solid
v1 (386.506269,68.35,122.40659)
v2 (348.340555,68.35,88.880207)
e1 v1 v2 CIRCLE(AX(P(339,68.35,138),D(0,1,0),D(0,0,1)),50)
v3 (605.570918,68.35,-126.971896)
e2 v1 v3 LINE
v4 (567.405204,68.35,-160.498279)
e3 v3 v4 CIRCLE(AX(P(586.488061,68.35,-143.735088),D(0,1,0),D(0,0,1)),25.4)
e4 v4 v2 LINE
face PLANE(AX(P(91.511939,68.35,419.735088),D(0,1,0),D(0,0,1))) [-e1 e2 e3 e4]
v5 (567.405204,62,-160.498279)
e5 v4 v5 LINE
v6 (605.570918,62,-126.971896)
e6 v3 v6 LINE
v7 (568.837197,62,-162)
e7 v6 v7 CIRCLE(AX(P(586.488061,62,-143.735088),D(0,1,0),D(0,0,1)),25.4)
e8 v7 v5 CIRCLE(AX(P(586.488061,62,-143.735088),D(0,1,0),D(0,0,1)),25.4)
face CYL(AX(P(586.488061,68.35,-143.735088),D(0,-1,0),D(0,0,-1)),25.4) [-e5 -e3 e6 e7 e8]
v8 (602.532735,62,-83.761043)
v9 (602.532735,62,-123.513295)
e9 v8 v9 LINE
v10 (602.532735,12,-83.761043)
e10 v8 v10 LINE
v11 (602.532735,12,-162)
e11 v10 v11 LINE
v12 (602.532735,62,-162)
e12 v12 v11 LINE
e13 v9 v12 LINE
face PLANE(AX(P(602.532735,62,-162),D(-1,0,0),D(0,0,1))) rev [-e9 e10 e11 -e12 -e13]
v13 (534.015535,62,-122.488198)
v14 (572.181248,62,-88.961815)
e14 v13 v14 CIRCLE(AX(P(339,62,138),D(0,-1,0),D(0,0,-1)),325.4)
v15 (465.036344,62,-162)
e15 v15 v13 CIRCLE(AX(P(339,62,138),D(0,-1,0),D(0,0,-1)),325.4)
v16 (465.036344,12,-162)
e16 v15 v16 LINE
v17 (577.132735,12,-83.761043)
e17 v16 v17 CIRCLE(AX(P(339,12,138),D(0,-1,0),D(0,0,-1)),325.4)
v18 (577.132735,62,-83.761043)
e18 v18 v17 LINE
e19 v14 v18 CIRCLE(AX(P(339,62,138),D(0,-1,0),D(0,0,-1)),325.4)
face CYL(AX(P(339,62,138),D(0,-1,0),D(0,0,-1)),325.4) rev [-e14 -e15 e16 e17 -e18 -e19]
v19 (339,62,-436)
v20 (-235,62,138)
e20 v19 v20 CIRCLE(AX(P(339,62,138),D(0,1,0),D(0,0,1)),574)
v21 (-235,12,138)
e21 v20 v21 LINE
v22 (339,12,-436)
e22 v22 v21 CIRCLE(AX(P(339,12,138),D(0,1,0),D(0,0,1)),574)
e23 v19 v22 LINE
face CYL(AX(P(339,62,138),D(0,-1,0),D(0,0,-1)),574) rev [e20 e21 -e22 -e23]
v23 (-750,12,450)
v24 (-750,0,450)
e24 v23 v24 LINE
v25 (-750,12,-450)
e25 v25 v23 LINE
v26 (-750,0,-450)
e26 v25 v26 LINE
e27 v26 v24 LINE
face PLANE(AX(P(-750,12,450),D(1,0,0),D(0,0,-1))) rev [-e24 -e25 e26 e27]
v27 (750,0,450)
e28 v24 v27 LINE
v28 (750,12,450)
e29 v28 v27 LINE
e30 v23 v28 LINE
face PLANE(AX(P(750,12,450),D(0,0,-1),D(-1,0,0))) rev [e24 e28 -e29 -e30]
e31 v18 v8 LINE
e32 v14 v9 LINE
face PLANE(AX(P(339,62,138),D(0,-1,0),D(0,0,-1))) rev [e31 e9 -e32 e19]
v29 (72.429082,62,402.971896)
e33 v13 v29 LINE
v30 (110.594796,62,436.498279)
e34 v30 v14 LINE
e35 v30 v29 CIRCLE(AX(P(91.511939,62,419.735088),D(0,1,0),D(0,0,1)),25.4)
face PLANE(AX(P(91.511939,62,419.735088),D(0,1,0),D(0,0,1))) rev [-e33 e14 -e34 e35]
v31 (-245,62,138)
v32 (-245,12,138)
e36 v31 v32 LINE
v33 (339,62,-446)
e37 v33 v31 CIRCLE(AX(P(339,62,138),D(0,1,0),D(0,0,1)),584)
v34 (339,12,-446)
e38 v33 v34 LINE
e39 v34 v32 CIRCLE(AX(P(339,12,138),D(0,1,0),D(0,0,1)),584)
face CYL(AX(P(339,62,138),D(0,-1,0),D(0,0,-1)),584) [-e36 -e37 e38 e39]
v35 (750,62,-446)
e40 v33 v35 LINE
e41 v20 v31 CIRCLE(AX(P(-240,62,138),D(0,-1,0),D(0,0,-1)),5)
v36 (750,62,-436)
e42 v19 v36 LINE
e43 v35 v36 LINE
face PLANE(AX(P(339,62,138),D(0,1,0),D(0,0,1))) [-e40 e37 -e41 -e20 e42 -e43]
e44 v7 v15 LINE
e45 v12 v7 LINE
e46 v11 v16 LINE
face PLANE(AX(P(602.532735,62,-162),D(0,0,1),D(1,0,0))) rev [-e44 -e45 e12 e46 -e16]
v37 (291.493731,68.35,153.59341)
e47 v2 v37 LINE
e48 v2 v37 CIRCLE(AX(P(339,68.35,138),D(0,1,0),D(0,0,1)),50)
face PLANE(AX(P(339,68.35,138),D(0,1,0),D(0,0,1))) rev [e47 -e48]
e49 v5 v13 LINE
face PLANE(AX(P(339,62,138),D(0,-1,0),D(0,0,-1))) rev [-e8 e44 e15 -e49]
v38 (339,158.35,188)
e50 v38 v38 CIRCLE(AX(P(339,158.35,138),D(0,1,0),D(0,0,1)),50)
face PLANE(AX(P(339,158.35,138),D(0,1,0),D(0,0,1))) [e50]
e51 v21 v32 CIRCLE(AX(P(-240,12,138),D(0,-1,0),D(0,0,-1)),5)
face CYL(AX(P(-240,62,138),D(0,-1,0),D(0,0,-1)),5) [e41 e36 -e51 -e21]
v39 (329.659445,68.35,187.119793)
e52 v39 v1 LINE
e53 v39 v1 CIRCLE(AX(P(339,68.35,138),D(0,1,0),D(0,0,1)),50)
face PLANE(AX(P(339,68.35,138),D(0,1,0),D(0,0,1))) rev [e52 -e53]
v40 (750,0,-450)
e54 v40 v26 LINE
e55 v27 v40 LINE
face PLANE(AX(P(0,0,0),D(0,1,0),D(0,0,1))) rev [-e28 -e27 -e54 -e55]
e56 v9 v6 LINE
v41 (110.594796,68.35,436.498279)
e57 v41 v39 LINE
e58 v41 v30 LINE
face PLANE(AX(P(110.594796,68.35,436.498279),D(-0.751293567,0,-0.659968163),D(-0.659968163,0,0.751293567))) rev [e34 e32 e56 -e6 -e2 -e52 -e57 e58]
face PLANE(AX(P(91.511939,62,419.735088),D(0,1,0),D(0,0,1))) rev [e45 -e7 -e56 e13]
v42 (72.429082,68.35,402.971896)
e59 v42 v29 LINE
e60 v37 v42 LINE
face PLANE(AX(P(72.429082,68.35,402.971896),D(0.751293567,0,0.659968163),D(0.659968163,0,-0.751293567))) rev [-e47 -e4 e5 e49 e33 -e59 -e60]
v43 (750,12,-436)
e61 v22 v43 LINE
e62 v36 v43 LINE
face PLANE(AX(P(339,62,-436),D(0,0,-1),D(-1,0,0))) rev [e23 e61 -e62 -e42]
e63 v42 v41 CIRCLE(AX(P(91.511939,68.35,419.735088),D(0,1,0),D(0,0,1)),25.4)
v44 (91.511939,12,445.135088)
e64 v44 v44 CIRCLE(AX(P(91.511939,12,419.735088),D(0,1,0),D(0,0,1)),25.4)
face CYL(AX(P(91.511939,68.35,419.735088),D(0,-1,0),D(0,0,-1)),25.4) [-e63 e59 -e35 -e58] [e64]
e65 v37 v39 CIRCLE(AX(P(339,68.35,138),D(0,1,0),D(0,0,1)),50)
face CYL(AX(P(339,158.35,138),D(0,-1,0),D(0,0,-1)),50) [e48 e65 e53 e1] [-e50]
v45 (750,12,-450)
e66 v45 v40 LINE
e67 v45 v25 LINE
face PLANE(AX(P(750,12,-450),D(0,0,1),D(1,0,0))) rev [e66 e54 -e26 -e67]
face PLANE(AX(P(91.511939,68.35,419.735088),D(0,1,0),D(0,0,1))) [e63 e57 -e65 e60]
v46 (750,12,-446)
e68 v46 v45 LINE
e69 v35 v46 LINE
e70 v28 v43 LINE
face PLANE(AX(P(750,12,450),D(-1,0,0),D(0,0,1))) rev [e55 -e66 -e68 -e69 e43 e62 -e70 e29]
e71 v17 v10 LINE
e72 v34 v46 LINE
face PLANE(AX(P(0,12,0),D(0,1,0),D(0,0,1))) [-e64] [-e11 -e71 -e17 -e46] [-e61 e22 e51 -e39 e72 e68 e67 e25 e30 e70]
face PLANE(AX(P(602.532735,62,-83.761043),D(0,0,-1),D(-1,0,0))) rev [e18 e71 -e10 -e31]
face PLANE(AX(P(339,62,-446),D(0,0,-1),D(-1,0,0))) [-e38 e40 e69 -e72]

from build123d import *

# Parameters (mm, degrees)
SKETCH1_W           = 1500
SKETCH1_H           = 900
BOSS_EXTRUDE1_DEPTH = 12
BOSS_EXTRUDE2_DEPTH = 50
BOSS_EXTRUDE3_DEPTH = 50
BOSS_EXTRUDE4_DEPTH = 6.35
SKETCH5_R           = 25.4
BOSS_EXTRUDE5_DEPTH = 50
SKETCH6_R           = 50
BOSS_EXTRUDE6_DEPTH = 90


with BuildPart() as part:
    # Sketch1 → Boss-Extrude1 (new body)
    with BuildSketch(Plane(origin=(0, 0, 0), x_dir=(1, 0, 0), z_dir=(0, 1, 0))):
        Rectangle(SKETCH1_W, SKETCH1_H)
    extrude(amount=BOSS_EXTRUDE1_DEPTH)

    # Sketch2 → Boss-Extrude2 (add)
    with BuildSketch(Plane(origin=(0, 12, 0), x_dir=(1, 0, 0), z_dir=(0, 1, 0))):
        with BuildLine():
            Line((339, 436), (750, 436))
            Line((750, 436), (750, 446))
            Line((750, 446), (339, 446))
            ThreePointArc((339, 446), (-73.950360213, 274.950360213), (-245, -138))
            ThreePointArc((-245, -138), (-240, -143), (-235, -138))
            ThreePointArc((-235, -138), (-66.879292401, 267.879292401), (339, 436))
        make_face()
    extrude(amount=BOSS_EXTRUDE2_DEPTH)

    # Sketch3 → Boss-Extrude3 (add)
    with BuildSketch(Plane(origin=(0, 12, 0), x_dir=(1, 0, 0), z_dir=(0, 1, 0))):
        with BuildLine():
            Line((602.532735227, 162), (465.036343965, 162))
            ThreePointArc((465.036343965, 162), (525.239397386, 128.833369093), (577.132735227, 83.761043498))
            Line((577.132735227, 83.761043498), (602.532735227, 83.761043498))
            Line((602.532735227, 83.761043498), (602.532735227, 162))
        make_face()
    extrude(amount=BOSS_EXTRUDE3_DEPTH)

    # Sketch4 → Boss-Extrude4 (add)
    with BuildSketch(Plane(origin=(0, 62, 0), x_dir=(1, 0, 0), z_dir=(0, 1, 0))):
        with BuildLine():
            Line((72.429082424, -402.97189644), (567.405204353, 160.498279098))
            ThreePointArc((567.405204353, 160.498279098), (603.251252294, 162.81794438), (605.570917576, 126.97189644))
            Line((605.570917576, 126.97189644), (110.594795647, -436.498279098))
            ThreePointArc((110.594795647, -436.498279098), (74.748747706, -438.81794438), (72.429082424, -402.97189644))
        make_face()
    extrude(amount=BOSS_EXTRUDE4_DEPTH)

    # Sketch5 → Boss-Extrude5 (add)
    with BuildSketch(Plane(origin=(0, 12, 0), x_dir=(1, 0, 0), z_dir=(0, 1, 0))):
        with Locations(Location((91.511939036, -419.735087769, 0), (0, 0, 138.702555266))):
            Circle(SKETCH5_R)
    extrude(amount=BOSS_EXTRUDE5_DEPTH)

    # Sketch6 → Boss-Extrude6 (add)
    with BuildSketch(Plane(origin=(0, 68.35, 0), x_dir=(1, 0, 0), z_dir=(0, 1, 0))):
        with Locations(Location((339, -138, 0), (0, 0, 79.233257605))):
            Circle(SKETCH6_R)
    extrude(amount=BOSS_EXTRUDE6_DEPTH)


solid = part.part
